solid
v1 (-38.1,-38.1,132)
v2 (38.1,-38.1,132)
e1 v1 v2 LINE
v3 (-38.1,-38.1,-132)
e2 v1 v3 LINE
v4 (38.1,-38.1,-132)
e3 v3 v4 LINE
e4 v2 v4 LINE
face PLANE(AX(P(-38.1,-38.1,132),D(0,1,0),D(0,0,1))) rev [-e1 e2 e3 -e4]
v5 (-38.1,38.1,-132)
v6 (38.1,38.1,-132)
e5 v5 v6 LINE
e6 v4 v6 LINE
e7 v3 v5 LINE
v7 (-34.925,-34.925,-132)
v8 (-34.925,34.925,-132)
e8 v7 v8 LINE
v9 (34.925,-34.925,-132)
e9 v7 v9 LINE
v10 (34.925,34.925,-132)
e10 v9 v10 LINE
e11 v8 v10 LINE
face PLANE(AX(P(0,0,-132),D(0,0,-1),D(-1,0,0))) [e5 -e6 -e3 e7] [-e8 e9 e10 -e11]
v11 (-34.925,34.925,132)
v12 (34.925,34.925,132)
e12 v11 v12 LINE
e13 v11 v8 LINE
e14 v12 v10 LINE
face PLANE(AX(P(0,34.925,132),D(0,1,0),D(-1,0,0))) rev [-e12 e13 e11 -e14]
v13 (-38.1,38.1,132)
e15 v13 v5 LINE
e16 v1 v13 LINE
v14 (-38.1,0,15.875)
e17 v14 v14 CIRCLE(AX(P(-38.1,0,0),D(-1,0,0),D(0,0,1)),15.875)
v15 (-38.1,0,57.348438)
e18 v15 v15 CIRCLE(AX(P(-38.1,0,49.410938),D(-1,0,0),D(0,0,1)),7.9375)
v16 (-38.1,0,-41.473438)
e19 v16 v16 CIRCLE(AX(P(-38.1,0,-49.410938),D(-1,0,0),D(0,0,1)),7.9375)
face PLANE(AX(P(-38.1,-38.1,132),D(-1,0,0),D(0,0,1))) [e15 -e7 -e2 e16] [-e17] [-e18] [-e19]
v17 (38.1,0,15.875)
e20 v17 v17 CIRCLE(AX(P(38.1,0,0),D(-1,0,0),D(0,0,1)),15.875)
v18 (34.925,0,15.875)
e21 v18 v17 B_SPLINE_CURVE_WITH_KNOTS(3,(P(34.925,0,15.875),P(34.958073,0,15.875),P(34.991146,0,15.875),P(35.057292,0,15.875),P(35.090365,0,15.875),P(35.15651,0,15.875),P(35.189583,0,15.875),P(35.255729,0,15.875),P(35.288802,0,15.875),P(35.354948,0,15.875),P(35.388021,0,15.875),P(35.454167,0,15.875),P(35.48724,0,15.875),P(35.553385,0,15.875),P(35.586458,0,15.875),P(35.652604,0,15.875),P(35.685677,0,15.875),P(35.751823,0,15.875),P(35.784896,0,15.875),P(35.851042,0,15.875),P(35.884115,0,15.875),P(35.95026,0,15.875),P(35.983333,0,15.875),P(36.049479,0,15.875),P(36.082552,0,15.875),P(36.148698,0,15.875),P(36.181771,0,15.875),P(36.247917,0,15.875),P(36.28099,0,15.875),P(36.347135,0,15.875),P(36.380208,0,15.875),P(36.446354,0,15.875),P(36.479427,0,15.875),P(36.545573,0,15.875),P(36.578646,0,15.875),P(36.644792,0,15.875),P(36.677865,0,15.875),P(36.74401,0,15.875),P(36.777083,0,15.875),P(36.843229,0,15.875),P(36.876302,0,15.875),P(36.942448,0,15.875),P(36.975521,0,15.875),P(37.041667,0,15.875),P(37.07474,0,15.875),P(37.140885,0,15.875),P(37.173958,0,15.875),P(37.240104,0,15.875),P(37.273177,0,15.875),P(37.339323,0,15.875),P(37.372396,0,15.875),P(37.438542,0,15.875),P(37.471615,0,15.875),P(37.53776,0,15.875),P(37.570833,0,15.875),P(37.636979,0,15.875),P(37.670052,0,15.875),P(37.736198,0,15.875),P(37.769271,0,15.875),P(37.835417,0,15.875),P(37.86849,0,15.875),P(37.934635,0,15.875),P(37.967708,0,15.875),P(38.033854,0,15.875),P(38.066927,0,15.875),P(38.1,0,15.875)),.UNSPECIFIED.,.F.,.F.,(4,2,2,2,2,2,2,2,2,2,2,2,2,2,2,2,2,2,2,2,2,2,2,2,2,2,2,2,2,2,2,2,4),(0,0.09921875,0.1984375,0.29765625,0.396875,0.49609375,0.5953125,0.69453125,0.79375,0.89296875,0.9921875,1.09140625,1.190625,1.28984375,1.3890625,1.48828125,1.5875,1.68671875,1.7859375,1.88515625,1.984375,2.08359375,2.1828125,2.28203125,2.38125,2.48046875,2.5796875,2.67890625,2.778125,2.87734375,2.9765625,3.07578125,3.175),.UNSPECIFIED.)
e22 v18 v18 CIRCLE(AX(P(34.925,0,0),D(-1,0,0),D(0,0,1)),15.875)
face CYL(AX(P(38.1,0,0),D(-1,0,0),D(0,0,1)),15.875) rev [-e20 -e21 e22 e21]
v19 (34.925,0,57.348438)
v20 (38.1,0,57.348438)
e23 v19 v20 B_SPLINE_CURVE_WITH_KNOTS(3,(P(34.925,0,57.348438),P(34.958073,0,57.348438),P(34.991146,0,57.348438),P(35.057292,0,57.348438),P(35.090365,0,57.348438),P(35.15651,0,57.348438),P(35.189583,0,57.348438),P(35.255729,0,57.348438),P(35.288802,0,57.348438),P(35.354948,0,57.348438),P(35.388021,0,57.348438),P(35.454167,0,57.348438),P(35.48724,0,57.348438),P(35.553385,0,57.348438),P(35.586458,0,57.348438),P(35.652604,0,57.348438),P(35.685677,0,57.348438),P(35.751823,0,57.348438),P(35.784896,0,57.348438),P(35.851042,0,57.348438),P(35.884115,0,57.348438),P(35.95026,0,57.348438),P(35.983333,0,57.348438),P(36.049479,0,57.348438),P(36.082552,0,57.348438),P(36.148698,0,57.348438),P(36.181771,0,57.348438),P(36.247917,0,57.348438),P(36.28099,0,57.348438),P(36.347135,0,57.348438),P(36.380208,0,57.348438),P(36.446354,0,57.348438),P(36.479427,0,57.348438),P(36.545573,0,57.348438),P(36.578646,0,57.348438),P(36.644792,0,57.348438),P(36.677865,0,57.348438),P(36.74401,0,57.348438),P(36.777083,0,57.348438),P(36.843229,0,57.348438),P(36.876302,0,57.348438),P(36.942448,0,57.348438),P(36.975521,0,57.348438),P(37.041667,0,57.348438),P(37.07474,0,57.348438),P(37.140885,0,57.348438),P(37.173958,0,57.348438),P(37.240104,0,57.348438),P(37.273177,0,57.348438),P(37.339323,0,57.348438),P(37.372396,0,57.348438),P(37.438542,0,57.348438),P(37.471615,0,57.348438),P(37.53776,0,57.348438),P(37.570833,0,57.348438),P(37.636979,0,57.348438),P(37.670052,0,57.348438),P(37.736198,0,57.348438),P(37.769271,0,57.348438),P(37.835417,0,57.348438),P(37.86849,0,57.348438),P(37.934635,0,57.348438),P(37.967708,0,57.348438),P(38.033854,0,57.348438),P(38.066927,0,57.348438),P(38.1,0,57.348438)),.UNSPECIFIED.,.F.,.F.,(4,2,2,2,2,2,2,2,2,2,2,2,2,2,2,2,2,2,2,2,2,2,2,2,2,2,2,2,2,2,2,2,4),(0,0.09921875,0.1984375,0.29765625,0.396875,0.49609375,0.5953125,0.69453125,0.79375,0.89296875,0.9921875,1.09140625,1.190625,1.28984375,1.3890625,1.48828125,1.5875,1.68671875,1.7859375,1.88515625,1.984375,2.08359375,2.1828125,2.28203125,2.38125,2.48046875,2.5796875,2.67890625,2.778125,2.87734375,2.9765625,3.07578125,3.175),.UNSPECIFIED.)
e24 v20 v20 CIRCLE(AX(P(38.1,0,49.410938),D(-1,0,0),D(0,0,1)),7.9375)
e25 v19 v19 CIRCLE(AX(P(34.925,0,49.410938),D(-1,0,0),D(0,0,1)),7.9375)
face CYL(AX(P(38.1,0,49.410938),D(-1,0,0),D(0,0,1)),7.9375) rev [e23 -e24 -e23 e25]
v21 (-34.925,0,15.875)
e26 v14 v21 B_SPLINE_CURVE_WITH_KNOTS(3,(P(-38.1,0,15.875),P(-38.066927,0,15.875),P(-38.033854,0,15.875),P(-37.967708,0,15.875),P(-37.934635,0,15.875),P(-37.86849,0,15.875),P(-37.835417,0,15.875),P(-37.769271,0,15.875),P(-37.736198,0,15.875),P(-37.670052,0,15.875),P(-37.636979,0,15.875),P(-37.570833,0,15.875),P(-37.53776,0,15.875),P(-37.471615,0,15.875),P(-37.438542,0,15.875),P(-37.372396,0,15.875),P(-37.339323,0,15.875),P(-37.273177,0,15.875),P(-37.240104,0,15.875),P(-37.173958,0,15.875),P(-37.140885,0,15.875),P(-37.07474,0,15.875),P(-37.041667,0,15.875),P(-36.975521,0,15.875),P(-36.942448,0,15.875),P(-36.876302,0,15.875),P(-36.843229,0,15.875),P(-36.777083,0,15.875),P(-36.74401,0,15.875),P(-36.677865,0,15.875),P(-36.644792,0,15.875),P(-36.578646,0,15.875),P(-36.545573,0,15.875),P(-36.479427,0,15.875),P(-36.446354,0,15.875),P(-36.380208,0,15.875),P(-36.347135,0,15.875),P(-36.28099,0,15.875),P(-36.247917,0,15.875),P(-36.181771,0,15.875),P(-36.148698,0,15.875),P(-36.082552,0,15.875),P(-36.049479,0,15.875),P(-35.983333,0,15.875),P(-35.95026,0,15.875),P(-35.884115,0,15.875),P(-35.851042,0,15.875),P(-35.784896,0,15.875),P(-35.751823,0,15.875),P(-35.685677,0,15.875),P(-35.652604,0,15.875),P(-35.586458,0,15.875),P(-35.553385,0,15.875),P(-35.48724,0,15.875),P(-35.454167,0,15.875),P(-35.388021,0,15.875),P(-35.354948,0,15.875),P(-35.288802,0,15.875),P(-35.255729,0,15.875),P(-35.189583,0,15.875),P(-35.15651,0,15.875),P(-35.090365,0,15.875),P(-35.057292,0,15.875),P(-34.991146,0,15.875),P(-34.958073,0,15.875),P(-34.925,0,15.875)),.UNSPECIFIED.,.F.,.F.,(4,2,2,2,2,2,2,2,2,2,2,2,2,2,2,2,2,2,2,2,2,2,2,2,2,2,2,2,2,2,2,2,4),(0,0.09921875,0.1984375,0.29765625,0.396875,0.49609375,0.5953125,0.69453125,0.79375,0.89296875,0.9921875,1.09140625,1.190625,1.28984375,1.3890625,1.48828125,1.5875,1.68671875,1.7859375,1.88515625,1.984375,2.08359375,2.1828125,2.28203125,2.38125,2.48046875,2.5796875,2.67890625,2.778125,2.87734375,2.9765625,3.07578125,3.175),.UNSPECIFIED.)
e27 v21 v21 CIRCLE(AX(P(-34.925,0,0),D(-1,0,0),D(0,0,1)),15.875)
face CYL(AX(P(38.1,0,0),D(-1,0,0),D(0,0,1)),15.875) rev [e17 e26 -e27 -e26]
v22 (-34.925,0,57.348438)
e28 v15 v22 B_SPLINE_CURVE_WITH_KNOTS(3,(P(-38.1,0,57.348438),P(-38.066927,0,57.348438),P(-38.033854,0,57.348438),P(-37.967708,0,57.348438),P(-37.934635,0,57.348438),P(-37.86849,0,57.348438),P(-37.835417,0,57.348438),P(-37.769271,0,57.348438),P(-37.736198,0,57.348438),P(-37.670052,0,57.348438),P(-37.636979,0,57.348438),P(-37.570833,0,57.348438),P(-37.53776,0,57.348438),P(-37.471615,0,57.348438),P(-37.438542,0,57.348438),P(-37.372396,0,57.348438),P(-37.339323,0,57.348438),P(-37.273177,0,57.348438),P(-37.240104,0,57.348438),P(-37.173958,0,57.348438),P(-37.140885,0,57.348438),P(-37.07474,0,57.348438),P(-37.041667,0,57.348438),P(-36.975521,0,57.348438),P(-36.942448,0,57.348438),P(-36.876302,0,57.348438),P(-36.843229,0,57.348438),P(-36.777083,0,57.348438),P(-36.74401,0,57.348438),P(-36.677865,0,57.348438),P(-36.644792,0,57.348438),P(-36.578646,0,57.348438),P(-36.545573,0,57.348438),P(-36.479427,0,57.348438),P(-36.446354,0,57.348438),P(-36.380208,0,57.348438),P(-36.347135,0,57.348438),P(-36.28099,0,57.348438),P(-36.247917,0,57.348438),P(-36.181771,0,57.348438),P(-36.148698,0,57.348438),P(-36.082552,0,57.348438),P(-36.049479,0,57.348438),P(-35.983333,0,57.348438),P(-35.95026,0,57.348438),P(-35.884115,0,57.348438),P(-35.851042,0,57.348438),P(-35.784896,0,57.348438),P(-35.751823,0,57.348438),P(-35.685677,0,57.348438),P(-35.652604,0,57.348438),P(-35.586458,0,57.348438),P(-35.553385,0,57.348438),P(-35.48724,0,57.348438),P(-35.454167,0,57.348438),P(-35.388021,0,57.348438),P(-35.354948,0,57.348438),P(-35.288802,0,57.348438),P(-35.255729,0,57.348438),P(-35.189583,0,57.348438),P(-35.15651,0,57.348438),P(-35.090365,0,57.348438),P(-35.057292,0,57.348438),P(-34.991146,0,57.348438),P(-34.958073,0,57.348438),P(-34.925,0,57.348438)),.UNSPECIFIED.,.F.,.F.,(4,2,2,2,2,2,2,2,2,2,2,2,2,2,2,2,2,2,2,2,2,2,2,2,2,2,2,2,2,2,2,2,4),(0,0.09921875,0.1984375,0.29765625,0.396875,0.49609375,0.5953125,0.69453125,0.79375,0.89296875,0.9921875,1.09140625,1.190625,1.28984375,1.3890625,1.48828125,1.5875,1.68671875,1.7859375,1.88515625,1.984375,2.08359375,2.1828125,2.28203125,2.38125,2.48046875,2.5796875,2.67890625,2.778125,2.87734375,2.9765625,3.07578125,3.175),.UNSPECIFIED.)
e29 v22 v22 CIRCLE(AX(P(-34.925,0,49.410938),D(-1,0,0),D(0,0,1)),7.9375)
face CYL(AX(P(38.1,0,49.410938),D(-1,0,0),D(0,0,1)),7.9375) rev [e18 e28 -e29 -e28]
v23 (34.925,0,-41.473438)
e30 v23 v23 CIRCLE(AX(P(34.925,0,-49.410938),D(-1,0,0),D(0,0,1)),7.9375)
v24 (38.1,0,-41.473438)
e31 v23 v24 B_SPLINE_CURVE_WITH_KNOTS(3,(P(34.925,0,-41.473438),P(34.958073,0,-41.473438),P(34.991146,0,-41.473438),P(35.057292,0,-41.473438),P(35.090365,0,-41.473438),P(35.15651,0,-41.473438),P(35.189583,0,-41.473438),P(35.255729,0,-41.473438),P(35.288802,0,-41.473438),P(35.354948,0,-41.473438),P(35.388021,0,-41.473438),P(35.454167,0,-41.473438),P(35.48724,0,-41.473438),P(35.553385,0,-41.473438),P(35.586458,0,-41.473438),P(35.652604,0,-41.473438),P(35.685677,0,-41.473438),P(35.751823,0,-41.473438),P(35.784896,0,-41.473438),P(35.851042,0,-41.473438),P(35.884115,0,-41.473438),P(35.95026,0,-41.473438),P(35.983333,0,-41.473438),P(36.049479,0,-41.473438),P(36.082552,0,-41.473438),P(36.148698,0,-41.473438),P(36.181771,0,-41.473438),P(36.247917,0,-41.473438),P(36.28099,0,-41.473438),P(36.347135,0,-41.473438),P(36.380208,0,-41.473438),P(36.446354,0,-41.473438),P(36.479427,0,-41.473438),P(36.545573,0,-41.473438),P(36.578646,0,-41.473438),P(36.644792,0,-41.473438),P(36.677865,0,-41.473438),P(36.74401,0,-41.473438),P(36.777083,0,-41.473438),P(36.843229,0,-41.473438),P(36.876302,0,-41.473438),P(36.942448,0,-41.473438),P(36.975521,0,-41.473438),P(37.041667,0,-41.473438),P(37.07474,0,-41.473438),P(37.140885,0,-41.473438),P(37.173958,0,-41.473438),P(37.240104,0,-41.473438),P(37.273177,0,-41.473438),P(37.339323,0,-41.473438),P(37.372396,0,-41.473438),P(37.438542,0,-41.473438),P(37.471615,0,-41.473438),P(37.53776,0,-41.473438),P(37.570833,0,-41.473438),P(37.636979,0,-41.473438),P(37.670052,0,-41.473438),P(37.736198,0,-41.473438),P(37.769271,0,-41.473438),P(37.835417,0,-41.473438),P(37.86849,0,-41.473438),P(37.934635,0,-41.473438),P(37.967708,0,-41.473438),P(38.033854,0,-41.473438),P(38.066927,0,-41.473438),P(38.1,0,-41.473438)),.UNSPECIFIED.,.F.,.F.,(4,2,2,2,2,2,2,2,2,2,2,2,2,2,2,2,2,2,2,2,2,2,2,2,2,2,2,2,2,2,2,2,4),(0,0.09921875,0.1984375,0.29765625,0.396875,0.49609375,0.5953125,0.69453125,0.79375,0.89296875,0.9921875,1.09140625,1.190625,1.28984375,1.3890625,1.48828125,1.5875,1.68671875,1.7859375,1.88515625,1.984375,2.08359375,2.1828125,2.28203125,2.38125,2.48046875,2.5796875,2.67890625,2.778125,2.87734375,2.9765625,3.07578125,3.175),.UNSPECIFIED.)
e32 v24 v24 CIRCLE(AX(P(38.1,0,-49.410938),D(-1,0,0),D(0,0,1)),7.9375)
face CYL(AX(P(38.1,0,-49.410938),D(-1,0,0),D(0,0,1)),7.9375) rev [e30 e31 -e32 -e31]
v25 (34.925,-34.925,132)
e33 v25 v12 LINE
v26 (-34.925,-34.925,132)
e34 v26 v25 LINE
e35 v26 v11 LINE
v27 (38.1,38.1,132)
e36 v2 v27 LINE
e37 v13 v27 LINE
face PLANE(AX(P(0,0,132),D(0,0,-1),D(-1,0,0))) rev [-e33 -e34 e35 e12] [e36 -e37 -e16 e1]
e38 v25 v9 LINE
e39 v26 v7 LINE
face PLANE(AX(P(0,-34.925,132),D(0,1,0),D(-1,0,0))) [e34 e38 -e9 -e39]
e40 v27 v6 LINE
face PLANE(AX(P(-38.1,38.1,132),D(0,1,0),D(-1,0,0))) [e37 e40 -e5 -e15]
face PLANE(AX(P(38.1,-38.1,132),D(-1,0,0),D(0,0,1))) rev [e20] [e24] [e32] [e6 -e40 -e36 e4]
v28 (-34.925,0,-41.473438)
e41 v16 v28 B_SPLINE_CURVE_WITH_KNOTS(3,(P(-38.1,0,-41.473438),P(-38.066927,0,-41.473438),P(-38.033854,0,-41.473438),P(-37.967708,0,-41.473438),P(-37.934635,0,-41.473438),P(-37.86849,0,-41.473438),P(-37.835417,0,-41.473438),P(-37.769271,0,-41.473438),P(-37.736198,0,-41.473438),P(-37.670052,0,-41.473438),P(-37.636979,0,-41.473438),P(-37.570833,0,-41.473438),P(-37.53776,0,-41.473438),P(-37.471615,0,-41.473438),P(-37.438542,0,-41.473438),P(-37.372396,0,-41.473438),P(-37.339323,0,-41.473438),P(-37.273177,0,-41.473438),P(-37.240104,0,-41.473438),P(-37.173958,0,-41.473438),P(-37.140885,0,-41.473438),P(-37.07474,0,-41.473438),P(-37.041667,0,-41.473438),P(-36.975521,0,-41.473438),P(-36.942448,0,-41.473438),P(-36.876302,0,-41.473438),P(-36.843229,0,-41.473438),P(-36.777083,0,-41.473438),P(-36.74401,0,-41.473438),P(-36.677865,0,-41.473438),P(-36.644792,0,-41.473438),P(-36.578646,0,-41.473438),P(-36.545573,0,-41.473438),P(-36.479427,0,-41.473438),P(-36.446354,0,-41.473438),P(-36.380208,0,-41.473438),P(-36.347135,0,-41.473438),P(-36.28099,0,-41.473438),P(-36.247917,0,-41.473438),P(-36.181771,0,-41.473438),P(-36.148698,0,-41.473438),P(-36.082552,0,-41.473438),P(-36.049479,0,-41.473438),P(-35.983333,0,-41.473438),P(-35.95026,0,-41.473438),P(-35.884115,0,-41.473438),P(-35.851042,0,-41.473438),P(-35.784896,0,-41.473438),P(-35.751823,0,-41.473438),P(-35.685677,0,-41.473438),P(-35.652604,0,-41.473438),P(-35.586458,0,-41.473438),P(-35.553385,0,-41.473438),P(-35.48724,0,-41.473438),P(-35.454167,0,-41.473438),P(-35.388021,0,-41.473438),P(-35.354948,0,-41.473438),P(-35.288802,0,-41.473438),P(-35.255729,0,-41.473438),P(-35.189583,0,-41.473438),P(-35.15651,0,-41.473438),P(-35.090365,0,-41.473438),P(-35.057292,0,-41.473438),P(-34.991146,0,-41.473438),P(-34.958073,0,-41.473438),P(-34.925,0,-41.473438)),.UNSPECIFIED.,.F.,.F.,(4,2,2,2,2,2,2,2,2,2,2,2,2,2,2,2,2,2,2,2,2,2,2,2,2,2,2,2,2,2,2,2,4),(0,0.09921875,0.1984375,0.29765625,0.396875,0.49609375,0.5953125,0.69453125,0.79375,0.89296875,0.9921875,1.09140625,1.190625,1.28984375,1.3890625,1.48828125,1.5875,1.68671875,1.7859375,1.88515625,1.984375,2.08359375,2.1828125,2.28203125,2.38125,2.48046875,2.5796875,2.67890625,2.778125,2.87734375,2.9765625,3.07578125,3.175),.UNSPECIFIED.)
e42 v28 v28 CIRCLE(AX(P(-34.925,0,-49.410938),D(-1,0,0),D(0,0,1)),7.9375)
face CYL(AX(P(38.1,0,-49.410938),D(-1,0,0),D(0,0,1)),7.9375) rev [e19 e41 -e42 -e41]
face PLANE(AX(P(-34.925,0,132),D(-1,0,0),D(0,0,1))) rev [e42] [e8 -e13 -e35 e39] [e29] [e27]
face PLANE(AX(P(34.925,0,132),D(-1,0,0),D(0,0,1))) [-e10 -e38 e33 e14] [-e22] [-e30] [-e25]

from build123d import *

# Parameters (mm, degrees)
SKETCH1_W           = 76.2
SKETCH1_H           = 76.2
SKETCH1_W_2         = 69.85
SKETCH1_H_2         = 69.85
BOSS_EXTRUDE1_DEPTH = 132
SKETCH2_R           = 15.875
SKETCH2_R_2         = 7.9375
CUT_EXTRUDE1_DEPTH  = 158.105219519


with BuildPart() as part:
    # Sketch1 → Boss-Extrude1 (new, symmetric)
    with BuildSketch(Plane.XY):
        Rectangle(SKETCH1_W, SKETCH1_H)
        Rectangle(SKETCH1_W_2, SKETCH1_H_2, mode=Mode.SUBTRACT)
    extrude(amount=BOSS_EXTRUDE1_DEPTH, both=True)

    # Sketch2 → Cut-Extrude1 (cut, through all)
    with BuildSketch(Plane.ZY.offset(38.1)):
        Circle(SKETCH2_R)
        with Locations((-49.4109375, 0)):
            Circle(SKETCH2_R_2)
        with Locations((49.4109375, 0)):
            Circle(SKETCH2_R_2)
    extrude(amount=-CUT_EXTRUDE1_DEPTH, mode=Mode.SUBTRACT)


solid = part.part
